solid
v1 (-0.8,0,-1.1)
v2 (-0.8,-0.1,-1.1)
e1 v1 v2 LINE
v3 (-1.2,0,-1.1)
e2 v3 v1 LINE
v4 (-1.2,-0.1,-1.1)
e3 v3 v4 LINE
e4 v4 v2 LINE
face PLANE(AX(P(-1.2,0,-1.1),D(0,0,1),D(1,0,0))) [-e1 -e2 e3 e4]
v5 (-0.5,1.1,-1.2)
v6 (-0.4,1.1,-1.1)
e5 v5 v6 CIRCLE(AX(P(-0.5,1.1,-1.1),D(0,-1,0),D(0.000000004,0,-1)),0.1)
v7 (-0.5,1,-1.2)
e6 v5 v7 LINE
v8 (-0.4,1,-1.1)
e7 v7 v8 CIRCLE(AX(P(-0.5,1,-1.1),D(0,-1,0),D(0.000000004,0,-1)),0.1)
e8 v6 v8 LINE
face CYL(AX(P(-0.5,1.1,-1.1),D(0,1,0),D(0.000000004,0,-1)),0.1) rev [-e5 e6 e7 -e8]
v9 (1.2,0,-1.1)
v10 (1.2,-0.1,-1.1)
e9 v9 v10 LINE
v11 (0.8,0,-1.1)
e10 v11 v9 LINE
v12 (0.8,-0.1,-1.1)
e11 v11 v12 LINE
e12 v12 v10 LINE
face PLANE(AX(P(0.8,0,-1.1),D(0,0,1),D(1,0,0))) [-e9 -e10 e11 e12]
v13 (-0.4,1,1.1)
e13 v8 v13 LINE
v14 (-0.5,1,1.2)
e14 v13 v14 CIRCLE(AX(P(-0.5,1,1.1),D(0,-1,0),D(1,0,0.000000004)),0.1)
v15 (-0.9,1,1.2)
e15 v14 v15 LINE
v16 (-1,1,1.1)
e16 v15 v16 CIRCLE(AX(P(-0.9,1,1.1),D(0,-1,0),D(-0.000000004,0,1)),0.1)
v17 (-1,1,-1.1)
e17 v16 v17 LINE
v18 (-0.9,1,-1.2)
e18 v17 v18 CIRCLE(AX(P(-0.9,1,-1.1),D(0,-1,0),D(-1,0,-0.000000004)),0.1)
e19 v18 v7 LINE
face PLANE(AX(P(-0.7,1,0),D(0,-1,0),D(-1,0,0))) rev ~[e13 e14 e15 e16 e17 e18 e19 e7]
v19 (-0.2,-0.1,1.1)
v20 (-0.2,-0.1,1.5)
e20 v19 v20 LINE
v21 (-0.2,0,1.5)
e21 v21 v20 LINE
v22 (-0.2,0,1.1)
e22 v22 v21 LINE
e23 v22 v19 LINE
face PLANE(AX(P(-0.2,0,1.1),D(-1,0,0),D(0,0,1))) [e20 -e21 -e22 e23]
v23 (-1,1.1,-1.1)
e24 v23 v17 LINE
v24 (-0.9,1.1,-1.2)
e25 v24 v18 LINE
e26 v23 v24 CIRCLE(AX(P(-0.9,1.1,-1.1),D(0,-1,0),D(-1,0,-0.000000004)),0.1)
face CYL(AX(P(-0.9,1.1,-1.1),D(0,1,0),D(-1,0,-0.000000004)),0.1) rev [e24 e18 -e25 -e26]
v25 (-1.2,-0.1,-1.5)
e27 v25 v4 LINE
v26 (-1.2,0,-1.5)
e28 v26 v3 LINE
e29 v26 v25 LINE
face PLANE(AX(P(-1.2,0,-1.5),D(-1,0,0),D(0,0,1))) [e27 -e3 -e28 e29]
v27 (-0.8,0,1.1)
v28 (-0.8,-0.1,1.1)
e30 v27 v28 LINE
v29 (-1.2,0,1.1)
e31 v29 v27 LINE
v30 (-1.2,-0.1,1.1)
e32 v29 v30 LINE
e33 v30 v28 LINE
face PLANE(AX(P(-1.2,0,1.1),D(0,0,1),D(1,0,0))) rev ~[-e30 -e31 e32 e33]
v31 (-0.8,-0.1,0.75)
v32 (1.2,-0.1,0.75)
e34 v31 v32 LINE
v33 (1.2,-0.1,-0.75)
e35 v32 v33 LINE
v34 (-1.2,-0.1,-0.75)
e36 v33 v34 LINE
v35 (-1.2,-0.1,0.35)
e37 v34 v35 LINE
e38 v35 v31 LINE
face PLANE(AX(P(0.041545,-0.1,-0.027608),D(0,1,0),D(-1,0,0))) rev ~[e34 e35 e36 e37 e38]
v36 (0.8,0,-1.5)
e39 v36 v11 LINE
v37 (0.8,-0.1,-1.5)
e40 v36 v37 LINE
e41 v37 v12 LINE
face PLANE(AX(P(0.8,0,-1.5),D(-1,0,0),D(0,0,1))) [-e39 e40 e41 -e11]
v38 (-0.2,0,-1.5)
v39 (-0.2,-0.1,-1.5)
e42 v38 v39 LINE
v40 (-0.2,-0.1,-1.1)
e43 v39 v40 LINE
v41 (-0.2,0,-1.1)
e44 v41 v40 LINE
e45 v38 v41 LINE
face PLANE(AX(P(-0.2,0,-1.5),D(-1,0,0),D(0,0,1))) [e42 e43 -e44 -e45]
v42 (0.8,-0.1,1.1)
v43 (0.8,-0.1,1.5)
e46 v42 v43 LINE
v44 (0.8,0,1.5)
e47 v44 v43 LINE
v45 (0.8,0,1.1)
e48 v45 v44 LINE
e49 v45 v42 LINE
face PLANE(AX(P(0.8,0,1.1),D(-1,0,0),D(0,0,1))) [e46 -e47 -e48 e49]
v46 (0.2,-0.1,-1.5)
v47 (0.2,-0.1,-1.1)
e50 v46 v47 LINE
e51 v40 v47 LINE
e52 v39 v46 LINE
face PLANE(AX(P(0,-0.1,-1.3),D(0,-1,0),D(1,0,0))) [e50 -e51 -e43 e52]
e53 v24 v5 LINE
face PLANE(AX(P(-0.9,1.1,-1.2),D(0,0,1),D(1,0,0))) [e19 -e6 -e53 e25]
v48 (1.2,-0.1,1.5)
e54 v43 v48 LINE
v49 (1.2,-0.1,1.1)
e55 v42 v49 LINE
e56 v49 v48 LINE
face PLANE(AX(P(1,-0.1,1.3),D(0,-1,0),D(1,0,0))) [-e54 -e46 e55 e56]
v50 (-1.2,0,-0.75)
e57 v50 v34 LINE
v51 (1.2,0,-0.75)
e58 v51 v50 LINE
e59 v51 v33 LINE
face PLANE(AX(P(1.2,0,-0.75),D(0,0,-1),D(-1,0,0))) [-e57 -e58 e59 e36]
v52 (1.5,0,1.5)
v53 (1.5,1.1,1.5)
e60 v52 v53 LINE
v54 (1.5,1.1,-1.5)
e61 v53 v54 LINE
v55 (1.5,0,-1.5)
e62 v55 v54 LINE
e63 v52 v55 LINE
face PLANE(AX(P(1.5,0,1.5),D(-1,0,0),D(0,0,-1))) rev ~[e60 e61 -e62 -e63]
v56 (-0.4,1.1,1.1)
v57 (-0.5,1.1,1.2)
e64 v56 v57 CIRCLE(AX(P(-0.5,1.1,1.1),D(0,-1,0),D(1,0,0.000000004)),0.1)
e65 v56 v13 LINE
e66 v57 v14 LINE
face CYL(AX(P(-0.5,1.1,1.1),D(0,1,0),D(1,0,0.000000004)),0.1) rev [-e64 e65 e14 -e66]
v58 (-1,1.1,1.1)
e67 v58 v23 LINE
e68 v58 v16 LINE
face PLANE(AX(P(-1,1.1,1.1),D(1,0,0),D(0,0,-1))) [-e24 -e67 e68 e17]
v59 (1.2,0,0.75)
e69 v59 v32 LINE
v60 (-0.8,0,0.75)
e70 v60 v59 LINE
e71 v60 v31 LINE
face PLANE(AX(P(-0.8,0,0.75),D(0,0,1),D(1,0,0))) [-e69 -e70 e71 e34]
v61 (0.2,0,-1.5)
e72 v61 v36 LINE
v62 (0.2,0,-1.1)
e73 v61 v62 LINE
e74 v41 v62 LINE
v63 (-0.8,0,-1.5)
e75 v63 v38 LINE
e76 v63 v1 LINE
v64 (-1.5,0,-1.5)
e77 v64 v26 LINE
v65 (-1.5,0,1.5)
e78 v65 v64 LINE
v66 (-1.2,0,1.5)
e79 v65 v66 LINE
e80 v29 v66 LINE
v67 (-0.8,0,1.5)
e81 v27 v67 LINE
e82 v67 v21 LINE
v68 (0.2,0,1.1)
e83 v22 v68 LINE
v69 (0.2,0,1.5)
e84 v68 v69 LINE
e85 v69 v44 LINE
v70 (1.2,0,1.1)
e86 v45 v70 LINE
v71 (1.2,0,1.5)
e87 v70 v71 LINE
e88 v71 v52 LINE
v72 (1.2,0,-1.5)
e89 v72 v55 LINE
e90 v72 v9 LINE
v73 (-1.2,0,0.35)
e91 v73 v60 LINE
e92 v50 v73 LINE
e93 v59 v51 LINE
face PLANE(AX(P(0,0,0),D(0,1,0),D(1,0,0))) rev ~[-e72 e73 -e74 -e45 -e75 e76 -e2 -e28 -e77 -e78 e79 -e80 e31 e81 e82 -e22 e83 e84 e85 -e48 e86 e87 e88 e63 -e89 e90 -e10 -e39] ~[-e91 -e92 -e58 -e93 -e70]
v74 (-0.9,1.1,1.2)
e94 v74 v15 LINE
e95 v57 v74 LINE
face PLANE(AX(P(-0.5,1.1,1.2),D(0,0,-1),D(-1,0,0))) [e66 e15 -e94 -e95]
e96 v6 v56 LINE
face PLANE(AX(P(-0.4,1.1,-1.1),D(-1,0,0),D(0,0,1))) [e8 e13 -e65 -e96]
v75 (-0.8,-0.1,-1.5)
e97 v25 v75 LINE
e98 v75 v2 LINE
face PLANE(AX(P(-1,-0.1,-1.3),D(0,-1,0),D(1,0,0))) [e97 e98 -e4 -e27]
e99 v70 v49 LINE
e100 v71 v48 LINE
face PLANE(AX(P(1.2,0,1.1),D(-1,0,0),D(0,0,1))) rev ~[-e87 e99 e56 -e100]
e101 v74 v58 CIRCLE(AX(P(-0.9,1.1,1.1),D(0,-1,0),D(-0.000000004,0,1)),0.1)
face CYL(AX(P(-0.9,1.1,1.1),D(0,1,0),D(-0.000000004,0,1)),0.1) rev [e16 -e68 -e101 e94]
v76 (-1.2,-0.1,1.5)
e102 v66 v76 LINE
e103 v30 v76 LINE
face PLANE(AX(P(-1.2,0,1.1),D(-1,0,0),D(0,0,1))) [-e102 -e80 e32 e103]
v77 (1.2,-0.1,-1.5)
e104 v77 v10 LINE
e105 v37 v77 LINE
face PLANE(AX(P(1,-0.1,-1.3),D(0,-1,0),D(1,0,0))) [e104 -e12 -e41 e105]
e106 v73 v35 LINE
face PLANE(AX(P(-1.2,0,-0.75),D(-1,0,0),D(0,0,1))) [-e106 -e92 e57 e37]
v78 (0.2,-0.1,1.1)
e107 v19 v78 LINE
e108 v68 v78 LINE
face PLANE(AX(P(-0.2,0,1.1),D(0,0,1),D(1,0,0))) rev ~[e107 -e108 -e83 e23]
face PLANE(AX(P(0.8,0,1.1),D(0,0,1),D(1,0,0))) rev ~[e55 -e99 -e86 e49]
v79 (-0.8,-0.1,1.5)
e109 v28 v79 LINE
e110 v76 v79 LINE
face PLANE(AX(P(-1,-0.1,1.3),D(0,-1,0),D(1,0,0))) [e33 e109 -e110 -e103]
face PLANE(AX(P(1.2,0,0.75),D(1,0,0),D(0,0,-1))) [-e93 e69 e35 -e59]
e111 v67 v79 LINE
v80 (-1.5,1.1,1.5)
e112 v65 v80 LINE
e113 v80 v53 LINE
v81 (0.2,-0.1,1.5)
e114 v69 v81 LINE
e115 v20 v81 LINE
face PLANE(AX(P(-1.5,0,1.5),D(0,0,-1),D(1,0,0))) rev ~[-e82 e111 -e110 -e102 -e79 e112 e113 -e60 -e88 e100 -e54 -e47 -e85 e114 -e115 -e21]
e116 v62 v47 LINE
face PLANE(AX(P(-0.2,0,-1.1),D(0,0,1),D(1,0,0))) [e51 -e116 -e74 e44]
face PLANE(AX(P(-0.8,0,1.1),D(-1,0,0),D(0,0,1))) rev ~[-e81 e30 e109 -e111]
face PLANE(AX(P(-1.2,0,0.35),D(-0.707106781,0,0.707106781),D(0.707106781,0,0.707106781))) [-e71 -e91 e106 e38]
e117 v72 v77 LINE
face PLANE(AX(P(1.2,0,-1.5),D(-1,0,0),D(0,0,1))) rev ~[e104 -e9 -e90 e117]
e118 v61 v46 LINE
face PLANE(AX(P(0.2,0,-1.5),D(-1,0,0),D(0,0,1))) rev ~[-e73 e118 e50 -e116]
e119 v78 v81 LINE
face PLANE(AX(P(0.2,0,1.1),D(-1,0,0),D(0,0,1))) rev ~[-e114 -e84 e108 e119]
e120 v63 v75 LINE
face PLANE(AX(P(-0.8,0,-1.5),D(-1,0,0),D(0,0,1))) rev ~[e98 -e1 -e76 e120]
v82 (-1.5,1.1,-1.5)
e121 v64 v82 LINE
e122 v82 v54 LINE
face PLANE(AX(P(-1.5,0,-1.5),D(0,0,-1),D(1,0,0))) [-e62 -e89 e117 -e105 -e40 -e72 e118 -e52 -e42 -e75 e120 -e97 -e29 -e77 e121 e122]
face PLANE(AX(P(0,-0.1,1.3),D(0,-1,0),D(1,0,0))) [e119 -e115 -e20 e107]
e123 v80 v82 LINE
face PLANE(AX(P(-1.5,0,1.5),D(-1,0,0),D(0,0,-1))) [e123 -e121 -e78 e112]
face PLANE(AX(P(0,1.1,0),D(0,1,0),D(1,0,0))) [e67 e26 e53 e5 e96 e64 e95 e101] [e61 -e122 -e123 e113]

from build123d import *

# Parameters (mm, degrees)
SKETCH_1_W          = 3
SKETCH_1_H          = 3
EXTRUDE_1_DEPTH     = 1.1
CUT_EXTRUDE_1_DEPTH = 0.1
SKETCH_3_W          = 0.4
SKETCH_3_H          = 0.4
EXTRUDE_2_DEPTH     = 0.1


with BuildPart() as part:
    # Эскиз1 → Бобышка-Вытянуть1 (new body)
    with BuildSketch(Plane(origin=(0, 0, 0), x_dir=(1, 0, 0), z_dir=(0, 1, 0))):
        Rectangle(SKETCH_1_W, SKETCH_1_H)
    extrude(amount=EXTRUDE_1_DEPTH)

    # Эскиз2 → Вырез-Вытянуть1 (cut)
    with BuildSketch(Plane(origin=(0, 1.1, 0), x_dir=(1, 0, 0), z_dir=(0, 1, 0))):
        with BuildLine():
            Line((-0.9, 1.2), (-0.5, 1.2))
            ThreePointArc((-0.5, 1.2), (-0.429289322, 1.170710678), (-0.4, 1.1))
            Line((-0.4, 1.1), (-0.4, -1.1))
            ThreePointArc((-0.4, -1.1), (-0.429289322, -1.170710678), (-0.5, -1.2))
            Line((-0.5, -1.2), (-0.9, -1.2))
            ThreePointArc((-0.9, -1.2), (-0.970710678, -1.170710678), (-1, -1.1))
            Line((-1, -1.1), (-1, 1.1))
            ThreePointArc((-1, 1.1), (-0.970710678, 1.170710678), (-0.9, 1.2))
        make_face()
    extrude(amount=-CUT_EXTRUDE_1_DEPTH, mode=Mode.SUBTRACT)

    # Эскиз3 → Бобышка-Вытянуть2 (add)
    with BuildSketch(Plane.XZ):
        Polygon((1.2, -0.75), (-1.2, -0.75), (-1.2, 0.35), (-0.8, 0.75), (1.2, 0.75), align=None)
        with Locations((1, -1.3)):
            Rectangle(SKETCH_3_W, SKETCH_3_H)
        with Locations((0, -1.3)):
            Rectangle(SKETCH_3_W, SKETCH_3_H)
        with Locations((-1, -1.3)):
            Rectangle(SKETCH_3_W, SKETCH_3_H)
        with Locations((1, 1.3)):
            Rectangle(SKETCH_3_W, SKETCH_3_H)
        with Locations((0, 1.3)):
            Rectangle(SKETCH_3_W, SKETCH_3_H)
        with Locations((-1, 1.3)):
            Rectangle(SKETCH_3_W, SKETCH_3_H)
    extrude(amount=EXTRUDE_2_DEPTH)


solid = part.part
